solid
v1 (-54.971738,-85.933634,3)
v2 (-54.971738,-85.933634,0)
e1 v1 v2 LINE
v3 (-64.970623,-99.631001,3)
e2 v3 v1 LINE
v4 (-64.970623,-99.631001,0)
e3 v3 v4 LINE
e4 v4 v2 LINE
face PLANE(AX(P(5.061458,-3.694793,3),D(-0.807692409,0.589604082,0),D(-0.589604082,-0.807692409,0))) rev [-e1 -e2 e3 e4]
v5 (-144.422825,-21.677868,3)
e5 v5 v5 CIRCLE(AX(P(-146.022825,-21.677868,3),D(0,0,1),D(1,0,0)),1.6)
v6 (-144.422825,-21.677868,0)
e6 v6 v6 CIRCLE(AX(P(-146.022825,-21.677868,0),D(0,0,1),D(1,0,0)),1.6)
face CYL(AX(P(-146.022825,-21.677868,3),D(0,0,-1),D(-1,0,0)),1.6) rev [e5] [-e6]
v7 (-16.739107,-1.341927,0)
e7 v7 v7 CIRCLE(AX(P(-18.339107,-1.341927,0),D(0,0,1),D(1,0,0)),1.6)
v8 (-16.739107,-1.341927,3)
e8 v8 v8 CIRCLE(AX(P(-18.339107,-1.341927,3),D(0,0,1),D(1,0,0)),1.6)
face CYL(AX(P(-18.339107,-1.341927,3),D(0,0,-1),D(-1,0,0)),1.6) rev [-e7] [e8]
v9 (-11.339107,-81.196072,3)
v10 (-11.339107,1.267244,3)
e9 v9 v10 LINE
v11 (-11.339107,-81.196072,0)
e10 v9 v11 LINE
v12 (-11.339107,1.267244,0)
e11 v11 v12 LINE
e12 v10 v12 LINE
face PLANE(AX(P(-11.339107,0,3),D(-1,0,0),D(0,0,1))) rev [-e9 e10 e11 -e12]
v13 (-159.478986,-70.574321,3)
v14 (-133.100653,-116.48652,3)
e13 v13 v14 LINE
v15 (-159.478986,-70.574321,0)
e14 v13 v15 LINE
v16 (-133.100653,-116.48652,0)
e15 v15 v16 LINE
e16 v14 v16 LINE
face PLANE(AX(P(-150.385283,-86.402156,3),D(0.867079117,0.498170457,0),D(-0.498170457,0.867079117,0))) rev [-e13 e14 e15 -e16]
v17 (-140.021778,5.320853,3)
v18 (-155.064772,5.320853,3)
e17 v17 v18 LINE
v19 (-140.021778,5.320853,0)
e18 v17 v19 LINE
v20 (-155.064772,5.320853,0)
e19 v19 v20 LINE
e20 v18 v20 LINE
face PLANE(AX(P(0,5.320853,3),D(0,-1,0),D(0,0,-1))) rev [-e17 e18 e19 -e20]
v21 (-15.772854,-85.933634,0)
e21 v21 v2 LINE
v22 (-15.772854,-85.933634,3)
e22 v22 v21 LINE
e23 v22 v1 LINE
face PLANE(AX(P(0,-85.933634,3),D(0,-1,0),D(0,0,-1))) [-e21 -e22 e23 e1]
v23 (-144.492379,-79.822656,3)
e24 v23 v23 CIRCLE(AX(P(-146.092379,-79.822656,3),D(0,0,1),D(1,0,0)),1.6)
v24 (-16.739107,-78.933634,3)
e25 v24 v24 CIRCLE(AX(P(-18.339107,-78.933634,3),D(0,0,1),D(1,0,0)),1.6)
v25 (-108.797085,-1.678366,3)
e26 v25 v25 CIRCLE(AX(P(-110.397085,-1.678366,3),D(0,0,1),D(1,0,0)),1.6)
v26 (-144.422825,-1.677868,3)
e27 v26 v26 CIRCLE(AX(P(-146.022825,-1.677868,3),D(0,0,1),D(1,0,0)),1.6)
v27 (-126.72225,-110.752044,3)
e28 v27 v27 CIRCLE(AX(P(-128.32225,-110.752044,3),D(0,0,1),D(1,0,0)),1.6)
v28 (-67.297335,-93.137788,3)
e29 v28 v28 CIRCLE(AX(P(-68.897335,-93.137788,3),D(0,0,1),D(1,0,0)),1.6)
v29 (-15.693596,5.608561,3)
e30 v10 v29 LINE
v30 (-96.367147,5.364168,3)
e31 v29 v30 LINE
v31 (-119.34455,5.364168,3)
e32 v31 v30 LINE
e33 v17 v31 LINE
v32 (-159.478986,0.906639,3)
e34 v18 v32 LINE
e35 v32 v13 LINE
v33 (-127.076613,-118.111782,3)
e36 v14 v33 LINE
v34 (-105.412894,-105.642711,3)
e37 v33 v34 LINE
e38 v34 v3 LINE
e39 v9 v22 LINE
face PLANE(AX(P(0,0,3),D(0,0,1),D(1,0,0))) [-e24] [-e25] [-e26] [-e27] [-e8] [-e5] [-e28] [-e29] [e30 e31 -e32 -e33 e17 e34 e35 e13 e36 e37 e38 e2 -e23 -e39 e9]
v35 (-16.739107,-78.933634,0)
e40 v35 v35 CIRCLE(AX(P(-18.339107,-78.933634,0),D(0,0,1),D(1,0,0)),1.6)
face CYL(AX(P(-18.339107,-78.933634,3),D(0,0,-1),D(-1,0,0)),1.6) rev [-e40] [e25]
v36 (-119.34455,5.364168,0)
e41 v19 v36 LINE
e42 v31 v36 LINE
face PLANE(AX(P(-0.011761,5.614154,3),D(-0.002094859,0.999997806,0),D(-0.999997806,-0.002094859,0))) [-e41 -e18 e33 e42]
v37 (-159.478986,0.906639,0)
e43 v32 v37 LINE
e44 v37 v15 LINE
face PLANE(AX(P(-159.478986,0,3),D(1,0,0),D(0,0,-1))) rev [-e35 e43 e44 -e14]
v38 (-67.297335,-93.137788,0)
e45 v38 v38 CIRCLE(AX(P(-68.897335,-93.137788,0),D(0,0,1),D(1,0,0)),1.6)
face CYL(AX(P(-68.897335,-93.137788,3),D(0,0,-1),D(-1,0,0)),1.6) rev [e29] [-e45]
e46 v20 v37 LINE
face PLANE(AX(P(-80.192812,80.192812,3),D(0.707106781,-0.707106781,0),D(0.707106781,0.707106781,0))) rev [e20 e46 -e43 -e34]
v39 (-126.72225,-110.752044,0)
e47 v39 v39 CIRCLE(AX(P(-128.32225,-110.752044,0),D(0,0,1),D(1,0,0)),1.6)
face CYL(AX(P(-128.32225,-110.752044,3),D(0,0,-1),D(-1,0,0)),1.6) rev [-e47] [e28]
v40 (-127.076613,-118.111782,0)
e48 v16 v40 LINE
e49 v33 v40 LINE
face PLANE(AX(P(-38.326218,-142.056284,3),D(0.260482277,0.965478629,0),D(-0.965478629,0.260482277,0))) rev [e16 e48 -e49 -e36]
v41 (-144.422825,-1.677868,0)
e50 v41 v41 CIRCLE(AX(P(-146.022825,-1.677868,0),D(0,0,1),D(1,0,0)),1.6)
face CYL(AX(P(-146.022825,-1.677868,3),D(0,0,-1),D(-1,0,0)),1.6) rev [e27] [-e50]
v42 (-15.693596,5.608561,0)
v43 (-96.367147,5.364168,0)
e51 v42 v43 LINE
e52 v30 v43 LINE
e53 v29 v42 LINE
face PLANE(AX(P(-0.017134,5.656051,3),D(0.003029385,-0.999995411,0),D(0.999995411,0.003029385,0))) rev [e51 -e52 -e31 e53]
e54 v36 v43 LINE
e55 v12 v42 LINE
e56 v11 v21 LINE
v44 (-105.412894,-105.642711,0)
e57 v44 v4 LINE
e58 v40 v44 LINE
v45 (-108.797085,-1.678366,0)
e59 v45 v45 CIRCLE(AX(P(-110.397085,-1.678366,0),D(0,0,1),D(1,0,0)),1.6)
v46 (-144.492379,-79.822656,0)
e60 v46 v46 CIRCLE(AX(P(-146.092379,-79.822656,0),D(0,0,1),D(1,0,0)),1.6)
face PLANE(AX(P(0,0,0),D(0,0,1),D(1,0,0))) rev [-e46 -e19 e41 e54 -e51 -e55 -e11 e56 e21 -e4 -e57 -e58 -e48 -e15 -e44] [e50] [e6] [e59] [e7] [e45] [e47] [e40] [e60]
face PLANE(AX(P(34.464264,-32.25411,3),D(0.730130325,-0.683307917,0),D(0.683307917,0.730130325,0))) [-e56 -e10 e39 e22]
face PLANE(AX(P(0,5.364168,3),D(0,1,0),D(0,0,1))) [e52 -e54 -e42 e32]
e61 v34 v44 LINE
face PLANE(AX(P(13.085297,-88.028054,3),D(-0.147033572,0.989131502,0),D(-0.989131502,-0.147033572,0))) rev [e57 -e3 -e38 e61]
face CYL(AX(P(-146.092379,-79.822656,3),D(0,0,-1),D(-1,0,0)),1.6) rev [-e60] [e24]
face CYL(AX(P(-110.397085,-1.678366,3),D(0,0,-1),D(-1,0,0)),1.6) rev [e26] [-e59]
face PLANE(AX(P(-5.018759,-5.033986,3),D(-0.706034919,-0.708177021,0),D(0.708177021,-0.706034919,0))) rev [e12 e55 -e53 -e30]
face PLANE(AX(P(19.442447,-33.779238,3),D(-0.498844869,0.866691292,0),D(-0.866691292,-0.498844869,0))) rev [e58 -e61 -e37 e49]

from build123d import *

# Parameters (mm, degrees)
ESQUISSE1_R        = 1.6
BOSS_EXTRU_1_DEPTH = 3


with BuildPart() as part:
    # Esquisse1 → Boss.-Extru.1 (new body)
    with BuildSketch(Plane.XY):
        Polygon((-15.693595538, 5.608560861), (-96.367147031, 5.364168479), (-103.365175584, 5.364168479), (-119.344550333, 5.364168479), (-140.021777649, 5.320852512), (-155.064772313, 5.320852512), (-159.478985875, 0.90663895), (-159.478985875, -3.429484403), (-159.478985875, -70.574320891), (-133.100653393, -116.486520024), (-127.076613358, -118.11178196), (-105.412894174, -105.642711064), (-64.97062335, -99.631001274), (-54.971738012, -85.933633781), (-15.772854297, -85.933633781), (-11.339106961, -81.196072129), (-11.339106961, 1.267243786), align=None)
        with Locations((-18.339106961, -1.341926987)):
            Circle(ESQUISSE1_R, mode=Mode.SUBTRACT)
        with Locations((-110.397084988, -1.678365923)):
            Circle(ESQUISSE1_R, mode=Mode.SUBTRACT)
        with Locations((-18.339106961, -78.933633781)):
            Circle(ESQUISSE1_R, mode=Mode.SUBTRACT)
        with Locations((-68.897334865, -93.137788223)):
            Circle(ESQUISSE1_R, mode=Mode.SUBTRACT)
        with Locations((-128.322250168, -110.752044388)):
            Circle(ESQUISSE1_R, mode=Mode.SUBTRACT)
        with Locations((-146.0923789, -79.822656053)):
            Circle(ESQUISSE1_R, mode=Mode.SUBTRACT)
        with Locations((-146.02282508, -1.677868186)):
            Circle(ESQUISSE1_R, mode=Mode.SUBTRACT)
        with Locations((-146.02282508, -21.677868186)):
            Circle(ESQUISSE1_R, mode=Mode.SUBTRACT)
    extrude(amount=BOSS_EXTRU_1_DEPTH)


solid = part.part
